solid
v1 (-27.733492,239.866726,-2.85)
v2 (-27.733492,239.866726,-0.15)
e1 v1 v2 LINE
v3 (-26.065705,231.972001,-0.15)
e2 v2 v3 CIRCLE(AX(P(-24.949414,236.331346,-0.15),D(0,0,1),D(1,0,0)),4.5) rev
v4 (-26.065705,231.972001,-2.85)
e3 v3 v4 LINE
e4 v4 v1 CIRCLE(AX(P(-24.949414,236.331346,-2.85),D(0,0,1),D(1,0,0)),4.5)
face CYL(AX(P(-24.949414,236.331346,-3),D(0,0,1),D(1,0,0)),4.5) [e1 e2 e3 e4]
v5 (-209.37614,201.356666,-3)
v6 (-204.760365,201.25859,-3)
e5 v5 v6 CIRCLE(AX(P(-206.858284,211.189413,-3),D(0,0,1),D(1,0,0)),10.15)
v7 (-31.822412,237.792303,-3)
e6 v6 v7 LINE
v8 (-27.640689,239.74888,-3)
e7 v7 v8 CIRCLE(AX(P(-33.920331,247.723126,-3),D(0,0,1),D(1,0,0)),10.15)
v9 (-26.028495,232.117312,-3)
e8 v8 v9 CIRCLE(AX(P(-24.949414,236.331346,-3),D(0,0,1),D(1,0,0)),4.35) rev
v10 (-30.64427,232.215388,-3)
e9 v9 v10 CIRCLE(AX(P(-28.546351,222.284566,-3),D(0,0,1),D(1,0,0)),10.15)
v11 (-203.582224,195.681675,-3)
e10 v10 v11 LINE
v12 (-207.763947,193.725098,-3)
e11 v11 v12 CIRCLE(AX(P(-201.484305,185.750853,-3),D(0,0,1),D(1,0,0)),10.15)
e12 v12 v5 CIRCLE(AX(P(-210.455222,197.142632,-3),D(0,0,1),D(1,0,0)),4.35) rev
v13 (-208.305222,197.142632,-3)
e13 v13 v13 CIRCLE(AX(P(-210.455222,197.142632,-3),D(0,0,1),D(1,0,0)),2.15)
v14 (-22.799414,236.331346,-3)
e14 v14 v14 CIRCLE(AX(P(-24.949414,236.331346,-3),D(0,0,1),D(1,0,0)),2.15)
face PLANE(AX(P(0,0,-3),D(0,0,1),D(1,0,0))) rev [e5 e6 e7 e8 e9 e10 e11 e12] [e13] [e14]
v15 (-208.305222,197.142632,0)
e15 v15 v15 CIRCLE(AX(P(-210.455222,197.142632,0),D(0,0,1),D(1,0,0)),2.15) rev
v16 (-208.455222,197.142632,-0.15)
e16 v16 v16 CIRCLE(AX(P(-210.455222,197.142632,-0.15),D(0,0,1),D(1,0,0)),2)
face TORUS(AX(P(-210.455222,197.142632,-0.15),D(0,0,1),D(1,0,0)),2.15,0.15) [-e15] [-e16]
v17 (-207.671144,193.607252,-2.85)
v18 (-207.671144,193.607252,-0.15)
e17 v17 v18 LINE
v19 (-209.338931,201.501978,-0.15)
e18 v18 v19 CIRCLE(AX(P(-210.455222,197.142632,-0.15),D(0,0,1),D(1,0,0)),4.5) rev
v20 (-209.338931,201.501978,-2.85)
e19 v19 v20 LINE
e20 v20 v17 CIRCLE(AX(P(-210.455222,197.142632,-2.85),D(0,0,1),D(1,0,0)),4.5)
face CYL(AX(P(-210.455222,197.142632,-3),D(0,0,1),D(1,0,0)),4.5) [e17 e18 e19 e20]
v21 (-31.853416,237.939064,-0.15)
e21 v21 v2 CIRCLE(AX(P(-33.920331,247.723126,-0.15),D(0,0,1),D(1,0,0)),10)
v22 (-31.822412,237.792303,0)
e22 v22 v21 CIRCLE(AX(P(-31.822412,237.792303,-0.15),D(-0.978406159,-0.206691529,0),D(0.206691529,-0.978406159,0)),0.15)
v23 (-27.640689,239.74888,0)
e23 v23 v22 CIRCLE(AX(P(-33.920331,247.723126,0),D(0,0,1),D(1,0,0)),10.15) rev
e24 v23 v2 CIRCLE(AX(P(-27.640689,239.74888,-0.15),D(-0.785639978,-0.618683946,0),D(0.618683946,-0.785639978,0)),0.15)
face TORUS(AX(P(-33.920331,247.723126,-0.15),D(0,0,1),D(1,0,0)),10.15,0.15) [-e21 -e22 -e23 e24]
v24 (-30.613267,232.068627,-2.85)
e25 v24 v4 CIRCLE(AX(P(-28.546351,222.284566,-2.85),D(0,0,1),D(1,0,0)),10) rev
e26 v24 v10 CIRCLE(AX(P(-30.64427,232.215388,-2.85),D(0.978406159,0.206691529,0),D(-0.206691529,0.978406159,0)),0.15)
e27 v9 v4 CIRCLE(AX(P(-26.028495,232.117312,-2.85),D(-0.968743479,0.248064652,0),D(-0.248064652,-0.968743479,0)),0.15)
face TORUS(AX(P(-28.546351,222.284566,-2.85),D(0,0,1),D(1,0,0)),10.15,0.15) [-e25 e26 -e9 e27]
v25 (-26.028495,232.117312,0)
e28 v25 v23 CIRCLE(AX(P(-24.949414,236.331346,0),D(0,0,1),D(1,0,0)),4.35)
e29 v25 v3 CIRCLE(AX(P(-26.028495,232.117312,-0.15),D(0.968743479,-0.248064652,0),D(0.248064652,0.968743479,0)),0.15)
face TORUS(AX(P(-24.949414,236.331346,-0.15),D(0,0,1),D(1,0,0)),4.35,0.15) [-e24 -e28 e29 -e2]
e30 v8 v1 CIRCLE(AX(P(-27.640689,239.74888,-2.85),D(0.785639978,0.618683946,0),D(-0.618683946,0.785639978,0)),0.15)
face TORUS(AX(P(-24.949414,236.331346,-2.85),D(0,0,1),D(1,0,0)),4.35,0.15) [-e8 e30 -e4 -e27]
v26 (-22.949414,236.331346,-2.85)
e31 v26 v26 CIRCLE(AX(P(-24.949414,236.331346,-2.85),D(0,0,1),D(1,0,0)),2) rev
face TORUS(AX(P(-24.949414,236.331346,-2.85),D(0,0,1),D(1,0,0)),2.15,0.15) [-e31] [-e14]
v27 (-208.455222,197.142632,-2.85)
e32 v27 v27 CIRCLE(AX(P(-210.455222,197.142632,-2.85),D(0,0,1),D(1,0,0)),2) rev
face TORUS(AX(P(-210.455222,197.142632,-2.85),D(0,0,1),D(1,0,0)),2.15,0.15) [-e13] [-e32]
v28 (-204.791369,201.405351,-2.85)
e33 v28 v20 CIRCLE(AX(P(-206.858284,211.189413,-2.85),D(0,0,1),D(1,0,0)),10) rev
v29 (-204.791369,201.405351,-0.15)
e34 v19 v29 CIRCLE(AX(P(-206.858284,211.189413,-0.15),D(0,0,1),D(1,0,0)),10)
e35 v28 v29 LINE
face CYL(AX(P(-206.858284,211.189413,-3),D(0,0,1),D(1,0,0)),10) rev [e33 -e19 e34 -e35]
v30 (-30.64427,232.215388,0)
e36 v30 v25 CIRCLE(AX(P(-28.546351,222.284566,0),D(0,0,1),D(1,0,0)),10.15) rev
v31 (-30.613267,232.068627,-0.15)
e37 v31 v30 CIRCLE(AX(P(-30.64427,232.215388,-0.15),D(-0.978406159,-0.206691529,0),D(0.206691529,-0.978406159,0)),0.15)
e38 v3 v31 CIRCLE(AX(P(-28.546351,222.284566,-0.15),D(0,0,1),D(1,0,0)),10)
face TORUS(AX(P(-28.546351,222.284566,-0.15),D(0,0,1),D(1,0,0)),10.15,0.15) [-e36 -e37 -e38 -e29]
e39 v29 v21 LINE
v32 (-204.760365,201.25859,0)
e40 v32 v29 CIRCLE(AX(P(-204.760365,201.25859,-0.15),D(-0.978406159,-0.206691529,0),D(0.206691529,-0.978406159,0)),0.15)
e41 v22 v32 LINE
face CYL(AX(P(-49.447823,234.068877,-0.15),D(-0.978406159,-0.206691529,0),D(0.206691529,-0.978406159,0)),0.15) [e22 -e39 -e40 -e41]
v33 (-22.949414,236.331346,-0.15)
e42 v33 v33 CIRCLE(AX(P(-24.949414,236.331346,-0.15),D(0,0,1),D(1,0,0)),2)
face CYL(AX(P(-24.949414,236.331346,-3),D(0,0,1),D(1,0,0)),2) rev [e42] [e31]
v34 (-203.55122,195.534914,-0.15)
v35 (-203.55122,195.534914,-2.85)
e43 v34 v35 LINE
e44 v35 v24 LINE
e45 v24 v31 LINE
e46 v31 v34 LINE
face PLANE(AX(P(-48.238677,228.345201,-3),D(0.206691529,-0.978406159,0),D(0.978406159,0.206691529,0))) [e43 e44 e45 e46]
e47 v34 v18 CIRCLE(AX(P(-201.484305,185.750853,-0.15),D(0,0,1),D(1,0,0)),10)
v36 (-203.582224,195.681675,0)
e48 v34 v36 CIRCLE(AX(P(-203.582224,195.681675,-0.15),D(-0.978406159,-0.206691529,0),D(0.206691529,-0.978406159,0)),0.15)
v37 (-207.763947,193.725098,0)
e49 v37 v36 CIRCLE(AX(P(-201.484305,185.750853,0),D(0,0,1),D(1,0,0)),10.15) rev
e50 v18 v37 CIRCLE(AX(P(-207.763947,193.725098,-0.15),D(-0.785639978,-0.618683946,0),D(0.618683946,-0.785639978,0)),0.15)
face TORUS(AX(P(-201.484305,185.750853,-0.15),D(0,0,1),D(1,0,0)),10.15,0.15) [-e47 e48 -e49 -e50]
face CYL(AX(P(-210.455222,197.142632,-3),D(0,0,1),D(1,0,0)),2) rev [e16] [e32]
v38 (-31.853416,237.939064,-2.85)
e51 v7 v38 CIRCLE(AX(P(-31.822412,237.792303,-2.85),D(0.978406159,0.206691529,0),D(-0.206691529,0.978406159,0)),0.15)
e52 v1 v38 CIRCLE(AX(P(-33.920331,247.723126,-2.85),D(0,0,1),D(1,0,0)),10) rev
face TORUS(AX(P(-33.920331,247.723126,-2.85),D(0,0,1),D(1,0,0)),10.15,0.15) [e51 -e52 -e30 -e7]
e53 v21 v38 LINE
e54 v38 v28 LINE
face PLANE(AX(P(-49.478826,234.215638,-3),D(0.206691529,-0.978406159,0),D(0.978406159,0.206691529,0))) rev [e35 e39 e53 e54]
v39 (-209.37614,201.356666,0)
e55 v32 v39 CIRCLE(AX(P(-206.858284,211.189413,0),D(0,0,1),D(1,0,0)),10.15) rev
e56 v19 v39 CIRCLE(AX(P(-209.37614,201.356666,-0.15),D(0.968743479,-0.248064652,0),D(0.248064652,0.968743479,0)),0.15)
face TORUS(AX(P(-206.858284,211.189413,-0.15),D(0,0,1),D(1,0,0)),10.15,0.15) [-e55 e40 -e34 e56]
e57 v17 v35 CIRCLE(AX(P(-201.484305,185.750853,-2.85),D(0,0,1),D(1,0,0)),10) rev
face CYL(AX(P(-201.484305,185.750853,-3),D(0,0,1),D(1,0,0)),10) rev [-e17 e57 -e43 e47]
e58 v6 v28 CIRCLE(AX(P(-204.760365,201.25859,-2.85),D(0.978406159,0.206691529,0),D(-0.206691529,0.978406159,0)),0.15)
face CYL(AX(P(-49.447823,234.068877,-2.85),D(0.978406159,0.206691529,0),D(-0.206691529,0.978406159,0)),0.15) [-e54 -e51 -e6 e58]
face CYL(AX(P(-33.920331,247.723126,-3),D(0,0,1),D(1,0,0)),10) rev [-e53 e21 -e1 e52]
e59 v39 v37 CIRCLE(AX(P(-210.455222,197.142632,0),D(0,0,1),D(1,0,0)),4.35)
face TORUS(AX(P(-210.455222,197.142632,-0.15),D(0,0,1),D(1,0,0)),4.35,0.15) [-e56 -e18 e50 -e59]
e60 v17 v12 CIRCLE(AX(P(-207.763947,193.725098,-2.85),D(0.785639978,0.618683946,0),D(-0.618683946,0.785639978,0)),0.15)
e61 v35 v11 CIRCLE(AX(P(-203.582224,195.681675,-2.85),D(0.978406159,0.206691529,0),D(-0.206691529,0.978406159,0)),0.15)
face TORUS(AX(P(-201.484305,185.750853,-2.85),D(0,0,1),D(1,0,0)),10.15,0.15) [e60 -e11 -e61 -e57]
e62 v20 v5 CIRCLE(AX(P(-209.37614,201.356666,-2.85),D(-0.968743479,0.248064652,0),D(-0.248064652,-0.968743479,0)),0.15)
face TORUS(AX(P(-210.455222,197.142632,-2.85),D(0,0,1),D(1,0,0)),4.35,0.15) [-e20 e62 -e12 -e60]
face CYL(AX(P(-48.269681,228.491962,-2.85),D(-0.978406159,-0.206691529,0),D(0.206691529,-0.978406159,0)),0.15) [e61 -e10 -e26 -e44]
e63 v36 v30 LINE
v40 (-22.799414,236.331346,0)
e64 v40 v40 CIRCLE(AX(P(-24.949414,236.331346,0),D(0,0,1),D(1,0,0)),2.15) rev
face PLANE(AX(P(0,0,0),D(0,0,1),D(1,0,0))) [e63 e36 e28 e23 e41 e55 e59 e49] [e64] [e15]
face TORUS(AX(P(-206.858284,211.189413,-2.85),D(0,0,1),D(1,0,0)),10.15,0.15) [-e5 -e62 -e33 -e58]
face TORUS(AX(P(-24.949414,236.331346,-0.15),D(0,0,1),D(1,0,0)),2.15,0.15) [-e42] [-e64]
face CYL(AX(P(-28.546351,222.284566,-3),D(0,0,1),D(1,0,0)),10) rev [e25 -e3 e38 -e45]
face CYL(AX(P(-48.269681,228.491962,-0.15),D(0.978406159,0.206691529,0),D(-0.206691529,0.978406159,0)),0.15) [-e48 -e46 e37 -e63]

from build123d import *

# Parameters (mm, degrees)
SKETCH1_R           = 2
BOSS_EXTRUDE1_DEPTH = 3
FILLET1_R           = 10
FILLET2_R           = 0.15


with BuildPart() as part:
    # Sketch1 → Boss-Extrude1 (new body)
    with BuildSketch(Plane.XY):
        with BuildLine():
            Line((-207.793622301, 200.771115213), (-28.851162617, 238.573300216))
            ThreePointArc((-28.851162617, 238.573300216), (-20.546586293, 237.261458085), (-27.611013442, 232.702863262))
            Line((-27.611013442, 232.702863262), (-206.553473126, 194.90067826))
            ThreePointArc((-206.553473126, 194.90067826), (-214.85804945, 196.212520391), (-207.793622301, 200.771115213))
        make_face()
        with Locations((-210.455221735, 197.142632272)):
            Circle(SKETCH1_R, mode=Mode.SUBTRACT)
        with Locations((-24.949414008, 236.331346204)):
            Circle(SKETCH1_R, mode=Mode.SUBTRACT)
    extrude(amount=-BOSS_EXTRUDE1_DEPTH)

    # Fillet1
    fillet1_edges = [part.edges().sort_by_distance(p)[0] for p in [
        (-206.553473126, 194.90067826, -1.5),
        (-207.793622301, 200.771115213, -1.5),
        (-28.851162617, 238.573300216, -1.5),
        (-27.611013442, 232.702863262, -1.5),
    ]]
    fillet(fillet1_edges, radius=FILLET1_R)

    # Fillet2
    fillet2_edges = [part.edges().sort_by_distance(p)[0] for p in [
        (-26.949414008, 236.331346204, 0),
        (-212.455221735, 197.142632272, -3),
        (-20.546586293, 237.261458085, 0),
        (-20.546586293, 237.261458085, -3),
        (-118.322392459, 219.672207714, 0),
        (-118.322392459, 219.672207714, -3),
        (-117.082243284, 213.801770761, 0),
        (-117.082243284, 213.801770761, -3),
        (-214.85804945, 196.212520391, 0),
        (-214.85804945, 196.212520391, -3),
        (-29.682396951, 238.665537183, 0),
        (-29.682396951, 238.665537183, -3),
        (-28.333918963, 232.282309123, 0),
        (-28.333918963, 232.282309123, -3),
        (-205.722238791, 194.808441292, 0),
        (-205.722238791, 194.808441292, -3),
        (-207.07071678, 201.191669353, 0),
        (-207.07071678, 201.191669353, -3),
        (-26.949414008, 236.331346204, -3),
        (-212.455221735, 197.142632272, 0),
    ]]
    fillet(fillet2_edges, radius=FILLET2_R)


solid = part.part
